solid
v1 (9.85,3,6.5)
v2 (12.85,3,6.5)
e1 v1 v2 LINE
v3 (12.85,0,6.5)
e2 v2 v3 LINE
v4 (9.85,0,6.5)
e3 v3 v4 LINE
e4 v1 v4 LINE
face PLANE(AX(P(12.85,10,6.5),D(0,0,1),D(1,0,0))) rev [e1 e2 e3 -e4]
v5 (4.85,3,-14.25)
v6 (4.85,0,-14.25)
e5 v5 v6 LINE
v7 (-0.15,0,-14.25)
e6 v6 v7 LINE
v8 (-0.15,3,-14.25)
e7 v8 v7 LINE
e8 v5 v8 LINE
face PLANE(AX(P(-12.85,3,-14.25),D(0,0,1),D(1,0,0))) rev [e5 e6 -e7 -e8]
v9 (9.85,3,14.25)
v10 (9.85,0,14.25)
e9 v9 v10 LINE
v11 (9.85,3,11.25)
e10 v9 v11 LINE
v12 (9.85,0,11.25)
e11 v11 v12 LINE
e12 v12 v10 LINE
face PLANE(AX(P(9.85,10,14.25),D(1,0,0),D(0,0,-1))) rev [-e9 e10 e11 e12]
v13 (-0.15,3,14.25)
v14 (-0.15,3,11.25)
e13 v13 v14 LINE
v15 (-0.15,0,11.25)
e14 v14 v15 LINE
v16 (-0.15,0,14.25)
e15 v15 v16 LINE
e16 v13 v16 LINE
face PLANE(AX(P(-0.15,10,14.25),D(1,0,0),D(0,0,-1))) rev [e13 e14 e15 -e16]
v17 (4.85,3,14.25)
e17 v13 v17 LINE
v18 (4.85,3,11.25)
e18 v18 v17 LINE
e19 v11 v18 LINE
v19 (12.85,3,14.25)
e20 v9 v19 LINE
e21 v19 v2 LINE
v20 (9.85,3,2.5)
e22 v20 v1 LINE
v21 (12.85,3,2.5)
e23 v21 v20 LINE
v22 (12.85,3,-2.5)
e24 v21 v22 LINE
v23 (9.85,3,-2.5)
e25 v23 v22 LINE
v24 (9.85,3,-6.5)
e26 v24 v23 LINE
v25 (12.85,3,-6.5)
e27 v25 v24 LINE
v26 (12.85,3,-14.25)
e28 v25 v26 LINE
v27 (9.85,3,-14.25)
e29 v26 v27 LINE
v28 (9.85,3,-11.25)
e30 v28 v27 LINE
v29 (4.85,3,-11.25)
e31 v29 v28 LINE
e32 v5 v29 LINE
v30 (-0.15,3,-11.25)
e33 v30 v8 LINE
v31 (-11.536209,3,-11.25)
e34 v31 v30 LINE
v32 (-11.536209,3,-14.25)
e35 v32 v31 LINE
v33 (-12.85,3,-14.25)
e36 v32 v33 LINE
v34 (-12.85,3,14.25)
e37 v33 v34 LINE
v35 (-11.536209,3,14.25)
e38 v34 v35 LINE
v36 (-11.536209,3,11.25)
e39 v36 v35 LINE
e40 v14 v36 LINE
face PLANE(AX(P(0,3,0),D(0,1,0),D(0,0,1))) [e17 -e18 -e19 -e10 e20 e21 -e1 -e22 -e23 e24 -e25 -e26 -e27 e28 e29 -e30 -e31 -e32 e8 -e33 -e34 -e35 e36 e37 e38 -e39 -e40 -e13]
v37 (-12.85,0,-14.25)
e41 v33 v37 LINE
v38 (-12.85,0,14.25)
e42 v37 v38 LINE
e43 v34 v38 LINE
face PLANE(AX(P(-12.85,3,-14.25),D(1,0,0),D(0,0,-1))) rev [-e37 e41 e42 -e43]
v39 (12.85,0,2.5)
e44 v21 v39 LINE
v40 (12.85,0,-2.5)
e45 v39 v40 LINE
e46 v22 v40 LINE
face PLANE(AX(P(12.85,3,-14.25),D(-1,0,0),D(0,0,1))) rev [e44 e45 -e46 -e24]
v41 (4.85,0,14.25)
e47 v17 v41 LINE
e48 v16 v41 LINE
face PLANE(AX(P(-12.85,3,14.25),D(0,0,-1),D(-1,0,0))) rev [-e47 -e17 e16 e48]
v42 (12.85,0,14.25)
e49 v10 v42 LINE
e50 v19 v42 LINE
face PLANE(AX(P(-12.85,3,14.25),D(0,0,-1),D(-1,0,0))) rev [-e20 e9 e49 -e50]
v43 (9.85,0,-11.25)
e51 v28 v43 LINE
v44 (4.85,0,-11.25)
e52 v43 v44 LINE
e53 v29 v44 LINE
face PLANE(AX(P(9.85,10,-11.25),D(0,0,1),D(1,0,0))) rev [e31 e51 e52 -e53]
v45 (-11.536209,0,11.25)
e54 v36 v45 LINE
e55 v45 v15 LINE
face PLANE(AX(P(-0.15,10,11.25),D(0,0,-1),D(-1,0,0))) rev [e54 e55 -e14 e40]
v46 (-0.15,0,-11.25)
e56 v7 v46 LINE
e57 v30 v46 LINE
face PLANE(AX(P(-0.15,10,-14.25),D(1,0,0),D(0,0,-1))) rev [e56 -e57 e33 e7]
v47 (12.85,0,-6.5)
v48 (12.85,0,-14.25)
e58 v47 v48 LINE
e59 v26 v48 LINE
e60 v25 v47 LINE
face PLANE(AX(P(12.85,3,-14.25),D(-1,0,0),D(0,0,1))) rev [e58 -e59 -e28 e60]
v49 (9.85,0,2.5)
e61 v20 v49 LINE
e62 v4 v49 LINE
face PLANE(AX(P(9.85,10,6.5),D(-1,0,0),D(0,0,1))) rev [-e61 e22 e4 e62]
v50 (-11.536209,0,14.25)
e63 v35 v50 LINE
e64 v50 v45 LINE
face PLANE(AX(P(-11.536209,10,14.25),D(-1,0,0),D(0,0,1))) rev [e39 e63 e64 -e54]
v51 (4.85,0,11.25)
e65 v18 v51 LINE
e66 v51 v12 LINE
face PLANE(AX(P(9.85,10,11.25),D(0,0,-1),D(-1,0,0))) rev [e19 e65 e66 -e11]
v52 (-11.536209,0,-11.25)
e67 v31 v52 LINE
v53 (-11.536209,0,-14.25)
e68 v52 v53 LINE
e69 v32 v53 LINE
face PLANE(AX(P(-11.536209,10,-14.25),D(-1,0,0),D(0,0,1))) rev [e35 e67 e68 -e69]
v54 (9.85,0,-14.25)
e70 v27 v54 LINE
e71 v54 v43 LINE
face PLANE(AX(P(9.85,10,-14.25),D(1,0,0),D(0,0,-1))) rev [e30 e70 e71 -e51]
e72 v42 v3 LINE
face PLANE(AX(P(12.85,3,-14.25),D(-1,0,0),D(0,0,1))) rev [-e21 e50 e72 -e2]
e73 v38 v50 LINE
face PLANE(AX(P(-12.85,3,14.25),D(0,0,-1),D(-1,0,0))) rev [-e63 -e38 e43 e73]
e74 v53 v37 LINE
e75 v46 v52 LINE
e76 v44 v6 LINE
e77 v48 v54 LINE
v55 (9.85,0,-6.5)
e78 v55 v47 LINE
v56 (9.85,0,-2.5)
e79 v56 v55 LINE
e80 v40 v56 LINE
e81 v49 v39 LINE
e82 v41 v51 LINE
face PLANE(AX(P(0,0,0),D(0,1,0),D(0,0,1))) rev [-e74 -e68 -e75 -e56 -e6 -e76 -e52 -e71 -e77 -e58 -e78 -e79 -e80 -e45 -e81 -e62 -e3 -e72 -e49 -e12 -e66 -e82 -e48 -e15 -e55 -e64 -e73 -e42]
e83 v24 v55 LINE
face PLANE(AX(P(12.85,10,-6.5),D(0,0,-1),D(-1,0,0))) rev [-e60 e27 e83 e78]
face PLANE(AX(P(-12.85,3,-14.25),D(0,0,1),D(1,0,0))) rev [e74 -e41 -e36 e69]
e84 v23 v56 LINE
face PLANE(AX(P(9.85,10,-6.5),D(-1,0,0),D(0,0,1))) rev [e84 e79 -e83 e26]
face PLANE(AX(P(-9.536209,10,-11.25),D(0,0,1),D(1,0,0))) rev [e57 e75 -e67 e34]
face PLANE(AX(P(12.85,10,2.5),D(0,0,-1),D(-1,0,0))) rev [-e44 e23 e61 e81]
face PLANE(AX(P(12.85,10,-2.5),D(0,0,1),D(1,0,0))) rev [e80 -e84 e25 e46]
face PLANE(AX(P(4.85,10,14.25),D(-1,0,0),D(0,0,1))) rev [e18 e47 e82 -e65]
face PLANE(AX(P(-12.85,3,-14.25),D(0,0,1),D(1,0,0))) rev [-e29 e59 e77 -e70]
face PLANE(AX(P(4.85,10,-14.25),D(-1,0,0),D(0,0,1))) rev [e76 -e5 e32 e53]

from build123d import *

# Parameters (mm, degrees)
SKETCH1_W           = 25.7
SKETCH1_H           = 28.5
BOSS_EXTRUDE1_DEPTH = 3
SKETCH3_W           = 5
SKETCH3_H           = 3
SKETCH3_W_2         = 2
SKETCH3_W_3         = 3
SKETCH3_H_2         = 4
CUT_EXTRUDE2_DEPTH  = 10
SKETCH2_W           = 5
SKETCH2_H           = 4.84993503
CUT_EXTRUDE3_DEPTH  = 3


with BuildPart() as part:
    # Sketch1 → Boss-Extrude1 (new body)
    with BuildSketch(Plane(origin=(0, 0, 0), x_dir=(1, 0, 0), z_dir=(0, 1, 0))):
        Rectangle(SKETCH1_W, SKETCH1_H)
    extrude(amount=BOSS_EXTRUDE1_DEPTH)

    # Sketch3 → Cut-Extrude2 (cut)
    with BuildSketch(Plane.XZ):
        with Locations((7.35, -12.75)):
            Rectangle(SKETCH3_W, SKETCH3_H)
        with Locations((-2.65, -12.75)):
            Rectangle(SKETCH3_W, SKETCH3_H)
        with Locations((-2.65, 12.75)):
            Rectangle(SKETCH3_W, SKETCH3_H)
        with Locations((7.35, 12.75)):
            Rectangle(SKETCH3_W, SKETCH3_H)
        with Locations((-10.536209453, 12.75)):
            Rectangle(SKETCH3_W_2, SKETCH3_H)
        with Locations((-10.536209453, -12.75)):
            Rectangle(SKETCH3_W_2, SKETCH3_H)
        with Locations((11.35, -4.5)):
            Rectangle(SKETCH3_W_3, SKETCH3_H_2)
        with Locations((11.35, 4.5)):
            Rectangle(SKETCH3_W_3, SKETCH3_H_2)
    extrude(amount=-CUT_EXTRUDE2_DEPTH, mode=Mode.SUBTRACT)

    # Sketch2 → Cut-Extrude3 (cut)
    with BuildSketch(Plane.XZ):
        with Locations((-7.35, -13.674967515)):
            Rectangle(SKETCH2_W, SKETCH2_H)
        with Locations((-7.35, 13.674967515)):
            Rectangle(SKETCH2_W, SKETCH2_H)
    extrude(amount=-CUT_EXTRUDE3_DEPTH, mode=Mode.SUBTRACT)


solid = part.part
